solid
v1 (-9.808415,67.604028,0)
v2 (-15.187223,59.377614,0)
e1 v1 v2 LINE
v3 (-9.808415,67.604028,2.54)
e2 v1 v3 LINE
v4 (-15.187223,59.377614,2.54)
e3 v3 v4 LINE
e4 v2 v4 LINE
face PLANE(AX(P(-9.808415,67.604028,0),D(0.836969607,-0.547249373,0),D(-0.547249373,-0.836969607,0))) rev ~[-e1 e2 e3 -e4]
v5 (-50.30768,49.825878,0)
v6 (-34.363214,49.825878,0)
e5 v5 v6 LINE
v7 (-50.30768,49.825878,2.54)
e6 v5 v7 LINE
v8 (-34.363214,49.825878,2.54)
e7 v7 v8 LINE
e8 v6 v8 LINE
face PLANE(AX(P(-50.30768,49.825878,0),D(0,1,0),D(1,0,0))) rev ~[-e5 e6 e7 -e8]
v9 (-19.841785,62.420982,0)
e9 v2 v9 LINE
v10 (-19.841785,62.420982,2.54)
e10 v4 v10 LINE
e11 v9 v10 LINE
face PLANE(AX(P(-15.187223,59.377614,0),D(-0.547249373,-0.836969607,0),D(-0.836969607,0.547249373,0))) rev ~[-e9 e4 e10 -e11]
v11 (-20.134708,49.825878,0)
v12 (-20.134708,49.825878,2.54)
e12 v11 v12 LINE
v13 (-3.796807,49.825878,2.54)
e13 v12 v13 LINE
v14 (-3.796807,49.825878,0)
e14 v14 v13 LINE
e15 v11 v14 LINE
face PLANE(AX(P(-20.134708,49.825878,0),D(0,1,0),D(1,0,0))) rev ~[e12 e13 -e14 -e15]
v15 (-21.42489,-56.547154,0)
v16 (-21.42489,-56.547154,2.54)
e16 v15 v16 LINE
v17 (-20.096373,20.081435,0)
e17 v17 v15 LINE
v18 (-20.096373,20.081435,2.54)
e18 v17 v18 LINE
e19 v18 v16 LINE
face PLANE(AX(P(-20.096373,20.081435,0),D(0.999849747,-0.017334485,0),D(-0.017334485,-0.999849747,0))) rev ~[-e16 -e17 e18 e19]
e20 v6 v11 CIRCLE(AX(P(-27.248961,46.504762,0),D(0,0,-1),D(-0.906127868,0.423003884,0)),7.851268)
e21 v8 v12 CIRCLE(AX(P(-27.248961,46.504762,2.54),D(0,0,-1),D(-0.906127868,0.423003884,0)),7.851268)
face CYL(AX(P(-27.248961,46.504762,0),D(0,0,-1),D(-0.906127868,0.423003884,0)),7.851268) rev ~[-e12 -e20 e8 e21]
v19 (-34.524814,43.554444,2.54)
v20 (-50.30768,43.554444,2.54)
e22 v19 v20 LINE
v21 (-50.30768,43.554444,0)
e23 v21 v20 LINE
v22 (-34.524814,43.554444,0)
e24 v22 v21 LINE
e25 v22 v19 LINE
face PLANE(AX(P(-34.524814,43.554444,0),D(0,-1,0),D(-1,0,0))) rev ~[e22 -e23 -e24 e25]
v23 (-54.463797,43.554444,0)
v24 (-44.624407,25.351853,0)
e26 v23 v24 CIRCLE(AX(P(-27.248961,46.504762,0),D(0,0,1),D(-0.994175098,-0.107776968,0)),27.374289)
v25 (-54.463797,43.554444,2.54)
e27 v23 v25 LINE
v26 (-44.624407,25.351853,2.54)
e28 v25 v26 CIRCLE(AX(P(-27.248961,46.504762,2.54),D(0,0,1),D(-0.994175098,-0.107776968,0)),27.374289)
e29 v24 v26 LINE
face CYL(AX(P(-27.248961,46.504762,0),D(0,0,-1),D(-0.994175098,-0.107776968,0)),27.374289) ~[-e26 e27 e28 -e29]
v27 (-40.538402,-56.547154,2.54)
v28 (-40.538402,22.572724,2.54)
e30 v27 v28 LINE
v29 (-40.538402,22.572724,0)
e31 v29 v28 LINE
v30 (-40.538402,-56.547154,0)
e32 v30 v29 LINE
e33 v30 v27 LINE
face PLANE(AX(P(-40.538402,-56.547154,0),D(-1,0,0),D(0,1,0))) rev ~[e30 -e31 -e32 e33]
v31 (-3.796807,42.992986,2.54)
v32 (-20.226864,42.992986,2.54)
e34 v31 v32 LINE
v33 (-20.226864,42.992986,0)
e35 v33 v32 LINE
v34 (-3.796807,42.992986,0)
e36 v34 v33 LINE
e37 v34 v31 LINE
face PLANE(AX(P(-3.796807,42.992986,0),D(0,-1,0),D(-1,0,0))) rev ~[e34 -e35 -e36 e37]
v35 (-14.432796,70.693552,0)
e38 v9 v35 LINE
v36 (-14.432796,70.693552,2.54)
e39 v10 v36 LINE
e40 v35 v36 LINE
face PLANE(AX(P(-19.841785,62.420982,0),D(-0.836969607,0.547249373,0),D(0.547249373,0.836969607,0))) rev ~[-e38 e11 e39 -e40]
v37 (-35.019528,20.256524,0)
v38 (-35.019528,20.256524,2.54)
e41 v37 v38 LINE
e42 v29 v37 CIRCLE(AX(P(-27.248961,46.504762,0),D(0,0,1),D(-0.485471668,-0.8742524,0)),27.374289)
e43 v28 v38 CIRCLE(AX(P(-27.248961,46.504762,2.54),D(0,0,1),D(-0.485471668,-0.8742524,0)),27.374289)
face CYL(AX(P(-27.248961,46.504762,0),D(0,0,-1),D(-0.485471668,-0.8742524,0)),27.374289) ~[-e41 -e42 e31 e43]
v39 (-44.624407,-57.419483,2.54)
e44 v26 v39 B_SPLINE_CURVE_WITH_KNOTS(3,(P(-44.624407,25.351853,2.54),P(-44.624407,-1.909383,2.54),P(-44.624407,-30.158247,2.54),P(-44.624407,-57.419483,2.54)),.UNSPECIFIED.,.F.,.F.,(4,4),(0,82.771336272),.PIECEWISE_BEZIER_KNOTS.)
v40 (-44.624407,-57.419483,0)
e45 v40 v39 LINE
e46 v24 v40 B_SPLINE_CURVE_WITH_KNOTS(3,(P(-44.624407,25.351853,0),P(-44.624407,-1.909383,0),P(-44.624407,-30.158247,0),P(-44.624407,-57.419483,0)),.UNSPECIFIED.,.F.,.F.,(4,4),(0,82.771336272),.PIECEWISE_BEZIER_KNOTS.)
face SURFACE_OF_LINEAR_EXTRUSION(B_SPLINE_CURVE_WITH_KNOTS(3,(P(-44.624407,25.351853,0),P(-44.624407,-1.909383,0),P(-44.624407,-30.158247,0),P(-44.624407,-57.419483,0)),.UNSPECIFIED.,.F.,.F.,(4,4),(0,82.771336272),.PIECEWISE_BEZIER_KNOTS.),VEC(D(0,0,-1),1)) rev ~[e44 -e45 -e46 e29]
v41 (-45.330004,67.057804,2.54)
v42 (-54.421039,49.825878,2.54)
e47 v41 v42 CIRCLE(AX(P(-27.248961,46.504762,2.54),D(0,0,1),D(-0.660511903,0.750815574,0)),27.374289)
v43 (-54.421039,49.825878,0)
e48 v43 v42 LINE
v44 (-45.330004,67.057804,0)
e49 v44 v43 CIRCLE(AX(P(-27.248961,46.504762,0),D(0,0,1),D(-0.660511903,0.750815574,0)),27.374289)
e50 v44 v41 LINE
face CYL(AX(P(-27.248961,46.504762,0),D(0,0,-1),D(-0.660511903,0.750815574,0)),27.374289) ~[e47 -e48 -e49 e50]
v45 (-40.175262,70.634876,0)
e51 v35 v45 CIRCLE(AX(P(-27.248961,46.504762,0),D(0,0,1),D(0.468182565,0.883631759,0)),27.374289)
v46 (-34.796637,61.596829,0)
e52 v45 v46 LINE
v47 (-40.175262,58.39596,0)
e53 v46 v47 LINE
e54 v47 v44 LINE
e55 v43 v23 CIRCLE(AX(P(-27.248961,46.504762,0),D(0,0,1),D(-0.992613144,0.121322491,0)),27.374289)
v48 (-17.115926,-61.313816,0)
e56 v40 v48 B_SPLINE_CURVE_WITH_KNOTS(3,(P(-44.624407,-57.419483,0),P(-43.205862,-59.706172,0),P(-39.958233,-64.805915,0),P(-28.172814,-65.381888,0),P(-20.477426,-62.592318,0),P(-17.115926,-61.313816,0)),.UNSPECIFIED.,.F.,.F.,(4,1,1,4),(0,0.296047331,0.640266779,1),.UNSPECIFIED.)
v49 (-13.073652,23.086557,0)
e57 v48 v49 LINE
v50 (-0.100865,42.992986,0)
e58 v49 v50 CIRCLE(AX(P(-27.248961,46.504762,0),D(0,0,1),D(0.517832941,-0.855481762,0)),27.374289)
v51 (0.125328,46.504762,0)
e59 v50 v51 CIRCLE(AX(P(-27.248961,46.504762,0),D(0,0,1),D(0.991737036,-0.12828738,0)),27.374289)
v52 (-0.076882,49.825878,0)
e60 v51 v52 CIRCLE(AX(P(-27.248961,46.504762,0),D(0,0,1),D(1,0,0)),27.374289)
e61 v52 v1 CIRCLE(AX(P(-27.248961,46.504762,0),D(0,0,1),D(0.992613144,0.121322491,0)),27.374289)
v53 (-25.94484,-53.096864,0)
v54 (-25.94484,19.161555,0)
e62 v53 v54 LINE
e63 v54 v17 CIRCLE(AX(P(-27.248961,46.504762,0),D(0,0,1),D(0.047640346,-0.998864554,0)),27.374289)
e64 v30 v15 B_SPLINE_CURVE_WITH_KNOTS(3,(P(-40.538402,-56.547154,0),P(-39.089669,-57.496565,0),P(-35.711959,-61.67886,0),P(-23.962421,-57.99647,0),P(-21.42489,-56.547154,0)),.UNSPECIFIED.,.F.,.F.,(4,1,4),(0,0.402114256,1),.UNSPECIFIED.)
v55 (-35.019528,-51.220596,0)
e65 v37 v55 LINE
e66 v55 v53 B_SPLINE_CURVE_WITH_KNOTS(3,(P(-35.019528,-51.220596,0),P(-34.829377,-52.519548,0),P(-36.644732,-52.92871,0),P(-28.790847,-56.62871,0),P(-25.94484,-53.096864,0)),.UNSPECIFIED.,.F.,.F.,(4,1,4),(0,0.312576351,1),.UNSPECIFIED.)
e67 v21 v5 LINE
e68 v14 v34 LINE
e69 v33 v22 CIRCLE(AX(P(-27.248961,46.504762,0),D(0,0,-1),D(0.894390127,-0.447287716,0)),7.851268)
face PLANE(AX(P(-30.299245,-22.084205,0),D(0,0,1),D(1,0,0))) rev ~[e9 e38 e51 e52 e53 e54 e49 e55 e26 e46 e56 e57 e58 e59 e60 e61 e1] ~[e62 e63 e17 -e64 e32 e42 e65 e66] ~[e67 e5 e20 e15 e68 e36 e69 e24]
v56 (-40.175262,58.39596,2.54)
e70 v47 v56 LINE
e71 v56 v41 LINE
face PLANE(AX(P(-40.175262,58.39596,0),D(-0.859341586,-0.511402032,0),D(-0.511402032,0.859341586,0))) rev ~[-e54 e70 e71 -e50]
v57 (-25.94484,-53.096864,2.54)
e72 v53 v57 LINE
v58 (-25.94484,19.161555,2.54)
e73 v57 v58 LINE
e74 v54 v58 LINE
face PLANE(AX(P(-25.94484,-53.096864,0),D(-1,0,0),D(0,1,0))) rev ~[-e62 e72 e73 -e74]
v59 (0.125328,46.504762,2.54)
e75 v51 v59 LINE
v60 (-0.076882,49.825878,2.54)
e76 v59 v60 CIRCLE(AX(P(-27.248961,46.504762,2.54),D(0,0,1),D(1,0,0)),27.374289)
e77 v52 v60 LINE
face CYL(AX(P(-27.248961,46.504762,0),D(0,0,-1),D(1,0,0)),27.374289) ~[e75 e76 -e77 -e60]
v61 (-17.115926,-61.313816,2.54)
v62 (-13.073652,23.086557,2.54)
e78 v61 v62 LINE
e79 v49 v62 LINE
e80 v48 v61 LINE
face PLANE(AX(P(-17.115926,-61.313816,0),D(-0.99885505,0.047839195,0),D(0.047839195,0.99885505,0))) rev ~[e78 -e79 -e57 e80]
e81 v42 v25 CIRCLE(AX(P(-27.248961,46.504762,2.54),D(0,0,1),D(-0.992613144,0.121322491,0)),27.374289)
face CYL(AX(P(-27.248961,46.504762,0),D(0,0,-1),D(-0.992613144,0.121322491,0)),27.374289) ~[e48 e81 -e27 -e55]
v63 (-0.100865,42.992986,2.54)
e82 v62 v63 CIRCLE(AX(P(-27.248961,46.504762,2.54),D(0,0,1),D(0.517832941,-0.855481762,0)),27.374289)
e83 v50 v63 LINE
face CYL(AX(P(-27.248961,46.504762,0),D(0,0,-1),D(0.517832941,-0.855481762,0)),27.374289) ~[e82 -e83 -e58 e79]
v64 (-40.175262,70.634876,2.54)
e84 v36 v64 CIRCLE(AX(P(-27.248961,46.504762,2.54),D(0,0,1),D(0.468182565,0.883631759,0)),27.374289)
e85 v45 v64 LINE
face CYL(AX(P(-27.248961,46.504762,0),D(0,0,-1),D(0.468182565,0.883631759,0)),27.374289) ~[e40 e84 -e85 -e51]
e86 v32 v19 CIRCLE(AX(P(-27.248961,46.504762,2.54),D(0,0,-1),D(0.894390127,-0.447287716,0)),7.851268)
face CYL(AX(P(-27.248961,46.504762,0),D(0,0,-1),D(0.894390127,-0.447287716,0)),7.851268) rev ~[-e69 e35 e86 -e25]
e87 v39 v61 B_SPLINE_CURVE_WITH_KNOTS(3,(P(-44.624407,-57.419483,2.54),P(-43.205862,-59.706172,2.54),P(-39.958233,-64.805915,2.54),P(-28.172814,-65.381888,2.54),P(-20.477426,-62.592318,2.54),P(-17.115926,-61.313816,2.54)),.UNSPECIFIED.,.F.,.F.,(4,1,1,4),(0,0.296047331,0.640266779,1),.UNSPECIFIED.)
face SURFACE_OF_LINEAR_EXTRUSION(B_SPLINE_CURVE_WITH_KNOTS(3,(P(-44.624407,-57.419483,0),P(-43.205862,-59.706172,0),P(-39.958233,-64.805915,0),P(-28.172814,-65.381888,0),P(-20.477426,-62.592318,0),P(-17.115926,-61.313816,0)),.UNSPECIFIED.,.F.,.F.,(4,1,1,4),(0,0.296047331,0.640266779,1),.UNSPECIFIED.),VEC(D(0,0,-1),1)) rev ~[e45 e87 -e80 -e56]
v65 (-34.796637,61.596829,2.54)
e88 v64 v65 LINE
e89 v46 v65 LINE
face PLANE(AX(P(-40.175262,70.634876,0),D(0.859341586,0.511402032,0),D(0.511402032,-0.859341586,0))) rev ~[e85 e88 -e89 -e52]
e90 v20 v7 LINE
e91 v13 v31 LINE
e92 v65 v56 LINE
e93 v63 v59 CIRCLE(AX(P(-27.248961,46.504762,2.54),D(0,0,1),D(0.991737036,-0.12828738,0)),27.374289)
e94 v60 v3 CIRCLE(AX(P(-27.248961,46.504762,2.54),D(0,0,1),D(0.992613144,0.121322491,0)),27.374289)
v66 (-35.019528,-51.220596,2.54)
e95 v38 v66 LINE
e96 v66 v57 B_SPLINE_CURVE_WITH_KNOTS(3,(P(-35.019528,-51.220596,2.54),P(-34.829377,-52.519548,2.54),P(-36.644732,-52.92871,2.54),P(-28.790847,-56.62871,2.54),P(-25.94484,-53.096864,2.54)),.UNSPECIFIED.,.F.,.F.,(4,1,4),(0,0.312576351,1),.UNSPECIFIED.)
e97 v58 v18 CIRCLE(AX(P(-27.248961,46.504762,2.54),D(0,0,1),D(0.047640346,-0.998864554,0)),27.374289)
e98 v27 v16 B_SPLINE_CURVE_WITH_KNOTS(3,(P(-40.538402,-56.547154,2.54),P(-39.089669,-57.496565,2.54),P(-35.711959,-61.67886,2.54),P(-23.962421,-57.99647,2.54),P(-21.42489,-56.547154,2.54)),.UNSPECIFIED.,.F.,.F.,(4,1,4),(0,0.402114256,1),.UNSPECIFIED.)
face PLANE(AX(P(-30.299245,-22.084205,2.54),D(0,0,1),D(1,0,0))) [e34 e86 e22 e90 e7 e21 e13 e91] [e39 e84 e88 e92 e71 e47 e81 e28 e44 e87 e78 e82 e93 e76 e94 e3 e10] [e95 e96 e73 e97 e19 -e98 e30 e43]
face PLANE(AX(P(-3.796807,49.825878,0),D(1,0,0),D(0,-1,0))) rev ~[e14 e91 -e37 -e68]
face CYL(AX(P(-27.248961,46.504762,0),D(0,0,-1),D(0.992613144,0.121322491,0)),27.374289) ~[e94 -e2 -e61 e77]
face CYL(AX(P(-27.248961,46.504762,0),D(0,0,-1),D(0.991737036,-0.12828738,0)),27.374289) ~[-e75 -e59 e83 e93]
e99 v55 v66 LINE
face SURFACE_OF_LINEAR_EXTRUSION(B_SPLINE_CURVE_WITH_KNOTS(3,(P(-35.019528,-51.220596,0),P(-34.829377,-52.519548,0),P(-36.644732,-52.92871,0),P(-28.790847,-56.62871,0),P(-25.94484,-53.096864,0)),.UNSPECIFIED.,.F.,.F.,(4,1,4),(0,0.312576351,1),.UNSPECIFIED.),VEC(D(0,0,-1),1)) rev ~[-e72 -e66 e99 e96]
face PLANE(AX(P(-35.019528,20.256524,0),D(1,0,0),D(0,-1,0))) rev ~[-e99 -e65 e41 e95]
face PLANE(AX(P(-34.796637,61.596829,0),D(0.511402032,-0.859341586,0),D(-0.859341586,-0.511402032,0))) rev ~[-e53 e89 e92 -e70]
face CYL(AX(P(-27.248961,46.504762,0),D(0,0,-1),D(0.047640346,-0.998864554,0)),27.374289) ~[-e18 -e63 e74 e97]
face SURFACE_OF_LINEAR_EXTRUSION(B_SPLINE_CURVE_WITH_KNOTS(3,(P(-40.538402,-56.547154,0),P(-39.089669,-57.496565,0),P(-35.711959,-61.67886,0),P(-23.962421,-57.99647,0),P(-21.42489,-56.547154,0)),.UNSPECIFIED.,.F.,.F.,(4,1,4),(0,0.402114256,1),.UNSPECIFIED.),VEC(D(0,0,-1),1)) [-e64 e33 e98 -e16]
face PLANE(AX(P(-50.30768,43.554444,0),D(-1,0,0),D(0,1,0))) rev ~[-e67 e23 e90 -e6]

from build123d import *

# Parameters (mm, degrees)
F1_DEPTH = 2.54


with BuildPart() as f1:
    # F0 (on Top) → F1 (new body)
    with BuildSketch(Plane.XY):
        with BuildLine():
            Line((-17.1159264309, -61.3138160406), (-13.0736523365, 23.0865568339))
            ThreePointArc((-13.0736523365, 23.0865568339), (-16.4796766981, 21.3378348074), (-20.0963728567, 20.0814353591))
            Line((-20.0963728567, 20.0814353591), (-21.4248895645, -56.5471537411))
            add(Edge.make_bspline(
                [(-40.5384023351, -56.5471537411), (-39.0896691197, -57.4965649401), (-35.7119585286, -61.6788600498), (-23.9624212357, -57.9964701236), (-21.4248895645, -56.5471537411)],
                knots=[0, 0, 0, 0, 0.4021142555, 1, 1, 1, 1], degree=3))
            Line((-40.5384023351, -56.5471537411), (-40.5384023351, 22.5727239757))
            ThreePointArc((-40.5384023351, 22.5727239757), (-42.6442434651, 23.8699001593), (-44.6244072494, 25.3518530274))
            add(Edge.make_bspline(
                [(-44.6244072494, 25.3518530274), (-44.6244072494, -1.9093834032), (-44.6244072494, -30.1582468137), (-44.6244072494, -57.4194832443)],
                knots=[0, 0, 0, 0, 82.7713362717, 82.7713362717, 82.7713362717, 82.7713362717], degree=3))
            add(Edge.make_bspline(
                [(-44.6244072494, -57.4194832443), (-43.2058624137, -59.7061717245), (-39.9582329042, -64.8059149321), (-28.1728136888, -65.3818875584), (-20.4774261937, -62.5923179822), (-17.1159264309, -61.3138160406)],
                knots=[0, 0, 0, 0, 0.2960473312, 0.6402667795, 1, 1, 1, 1], degree=3))
        make_face()
        with BuildLine():
            Line((-50.3076799214, 43.5544437304), (-50.3076799214, 49.825878452))
            Line((-50.3076799214, 49.825878452), (-54.4210394787, 49.825878452))
            ThreePointArc((-54.4210394787, 49.825878452), (-54.6226132256, 46.691389625), (-54.4637968628, 43.5544437304))
            Line((-54.4637968628, 43.5544437304), (-50.3076799214, 43.5544437304))
        make_face()
        with BuildLine():
            ThreePointArc((-0.1008648303, 42.9929857768), (0.068721218, 44.7452351768), (0.125327938, 46.5047615525))
            ThreePointArc((0.125327938, 46.5047615525), (0.0747286896, 48.1683950998), (-0.076881998, 49.825878452))
            Line((-0.076881998, 49.825878452), (-3.7968070246, 49.825878452))
            Line((-3.7968070246, 49.825878452), (-3.7968070246, 42.9929857768))
            Line((-3.7968070246, 42.9929857768), (-0.1008648303, 42.9929857768))
        make_face()
        with BuildLine():
            Line((-3.7968070246, 49.825878452), (-0.076881998, 49.825878452))
            ThreePointArc((-0.076881998, 49.825878452), (-3.236730066, 59.6487510029), (-9.8084146157, 67.6040276885))
            Line((-9.8084146157, 67.6040276885), (-15.1872234419, 59.3776144087))
            Line((-15.1872234419, 59.3776144087), (-19.8417848233, 62.4209815468))
            Line((-19.8417848233, 62.4209815468), (-14.4327960403, 70.6935524063))
            ThreePointArc((-14.4327960403, 70.6935524063), (-27.3113565295, 73.8789791176), (-40.1752617833, 70.6348759706))
            Line((-40.1752617833, 70.6348759706), (-34.7966371696, 61.5968285634))
            Line((-34.7966371696, 61.5968285634), (-40.1752617833, 58.3959598988))
            Line((-40.1752617833, 58.3959598988), (-45.3300042556, 67.0578038056))
            ThreePointArc((-45.3300042556, 67.0578038056), (-51.4604472967, 59.2779991675), (-54.4210394787, 49.825878452))
            Line((-54.4210394787, 49.825878452), (-50.3076799214, 49.825878452))
            Line((-50.3076799214, 49.825878452), (-34.3632135618, 49.825878452))
            ThreePointArc((-34.3632135618, 49.825878452), (-27.2489607383, 54.3560296473), (-20.1347079149, 49.825878452))
            Line((-20.1347079149, 49.825878452), (-3.7968070246, 49.825878452))
        make_face()
        with BuildLine():
            ThreePointArc((-13.0736523365, 23.0865568339), (-4.3148722617, 31.55888365), (-0.1008648303, 42.9929857768))
            Line((-0.1008648303, 42.9929857768), (-3.7968070246, 42.9929857768))
            Line((-3.7968070246, 42.9929857768), (-20.2268640716, 42.9929857768))
            ThreePointArc((-20.2268640716, 42.9929857768), (-27.5570302355, 38.6595398297), (-34.5248136398, 43.5544437304))
            Line((-34.5248136398, 43.5544437304), (-50.3076799214, 43.5544437304))
            Line((-50.3076799214, 43.5544437304), (-54.4637968628, 43.5544437304))
            ThreePointArc((-54.4637968628, 43.5544437304), (-51.3302170065, 33.4876659826), (-44.6244072494, 25.3518530274))
            ThreePointArc((-44.6244072494, 25.3518530274), (-42.6442434651, 23.8699001593), (-40.5384023351, 22.5727239757))
            ThreePointArc((-40.5384023351, 22.5727239757), (-37.8424582665, 21.2633374514), (-35.0195281208, 20.2565242196))
            ThreePointArc((-35.0195281208, 20.2565242196), (-30.5282095898, 19.3275982071), (-25.944840163, 19.1615548997))
            ThreePointArc((-25.944840163, 19.1615548997), (-22.9956650166, 19.4629207122), (-20.0963728567, 20.0814353591))
            ThreePointArc((-20.0963728567, 20.0814353591), (-16.4796766981, 21.3378348074), (-13.0736523365, 23.0865568339))
        make_face()
        with BuildLine():
            Line((-25.944840163, -53.0968643725), (-25.944840163, 19.1615548997))
            ThreePointArc((-25.944840163, 19.1615548997), (-30.5282095898, 19.3275982071), (-35.0195281208, 20.2565242196))
            Line((-35.0195281208, 20.2565242196), (-35.0195281208, -51.2205958366))
            add(Edge.make_bspline(
                [(-35.0195281208, -51.2205958366), (-34.829377456, -52.5195475688), (-36.644732065, -52.9287098402), (-28.7908467818, -56.628709604), (-25.944840163, -53.0968643725)],
                knots=[0, 0, 0, 0, 0.3125763508, 1, 1, 1, 1], degree=3))
        make_face()
    extrude(amount=F1_DEPTH)


solid = f1.part
